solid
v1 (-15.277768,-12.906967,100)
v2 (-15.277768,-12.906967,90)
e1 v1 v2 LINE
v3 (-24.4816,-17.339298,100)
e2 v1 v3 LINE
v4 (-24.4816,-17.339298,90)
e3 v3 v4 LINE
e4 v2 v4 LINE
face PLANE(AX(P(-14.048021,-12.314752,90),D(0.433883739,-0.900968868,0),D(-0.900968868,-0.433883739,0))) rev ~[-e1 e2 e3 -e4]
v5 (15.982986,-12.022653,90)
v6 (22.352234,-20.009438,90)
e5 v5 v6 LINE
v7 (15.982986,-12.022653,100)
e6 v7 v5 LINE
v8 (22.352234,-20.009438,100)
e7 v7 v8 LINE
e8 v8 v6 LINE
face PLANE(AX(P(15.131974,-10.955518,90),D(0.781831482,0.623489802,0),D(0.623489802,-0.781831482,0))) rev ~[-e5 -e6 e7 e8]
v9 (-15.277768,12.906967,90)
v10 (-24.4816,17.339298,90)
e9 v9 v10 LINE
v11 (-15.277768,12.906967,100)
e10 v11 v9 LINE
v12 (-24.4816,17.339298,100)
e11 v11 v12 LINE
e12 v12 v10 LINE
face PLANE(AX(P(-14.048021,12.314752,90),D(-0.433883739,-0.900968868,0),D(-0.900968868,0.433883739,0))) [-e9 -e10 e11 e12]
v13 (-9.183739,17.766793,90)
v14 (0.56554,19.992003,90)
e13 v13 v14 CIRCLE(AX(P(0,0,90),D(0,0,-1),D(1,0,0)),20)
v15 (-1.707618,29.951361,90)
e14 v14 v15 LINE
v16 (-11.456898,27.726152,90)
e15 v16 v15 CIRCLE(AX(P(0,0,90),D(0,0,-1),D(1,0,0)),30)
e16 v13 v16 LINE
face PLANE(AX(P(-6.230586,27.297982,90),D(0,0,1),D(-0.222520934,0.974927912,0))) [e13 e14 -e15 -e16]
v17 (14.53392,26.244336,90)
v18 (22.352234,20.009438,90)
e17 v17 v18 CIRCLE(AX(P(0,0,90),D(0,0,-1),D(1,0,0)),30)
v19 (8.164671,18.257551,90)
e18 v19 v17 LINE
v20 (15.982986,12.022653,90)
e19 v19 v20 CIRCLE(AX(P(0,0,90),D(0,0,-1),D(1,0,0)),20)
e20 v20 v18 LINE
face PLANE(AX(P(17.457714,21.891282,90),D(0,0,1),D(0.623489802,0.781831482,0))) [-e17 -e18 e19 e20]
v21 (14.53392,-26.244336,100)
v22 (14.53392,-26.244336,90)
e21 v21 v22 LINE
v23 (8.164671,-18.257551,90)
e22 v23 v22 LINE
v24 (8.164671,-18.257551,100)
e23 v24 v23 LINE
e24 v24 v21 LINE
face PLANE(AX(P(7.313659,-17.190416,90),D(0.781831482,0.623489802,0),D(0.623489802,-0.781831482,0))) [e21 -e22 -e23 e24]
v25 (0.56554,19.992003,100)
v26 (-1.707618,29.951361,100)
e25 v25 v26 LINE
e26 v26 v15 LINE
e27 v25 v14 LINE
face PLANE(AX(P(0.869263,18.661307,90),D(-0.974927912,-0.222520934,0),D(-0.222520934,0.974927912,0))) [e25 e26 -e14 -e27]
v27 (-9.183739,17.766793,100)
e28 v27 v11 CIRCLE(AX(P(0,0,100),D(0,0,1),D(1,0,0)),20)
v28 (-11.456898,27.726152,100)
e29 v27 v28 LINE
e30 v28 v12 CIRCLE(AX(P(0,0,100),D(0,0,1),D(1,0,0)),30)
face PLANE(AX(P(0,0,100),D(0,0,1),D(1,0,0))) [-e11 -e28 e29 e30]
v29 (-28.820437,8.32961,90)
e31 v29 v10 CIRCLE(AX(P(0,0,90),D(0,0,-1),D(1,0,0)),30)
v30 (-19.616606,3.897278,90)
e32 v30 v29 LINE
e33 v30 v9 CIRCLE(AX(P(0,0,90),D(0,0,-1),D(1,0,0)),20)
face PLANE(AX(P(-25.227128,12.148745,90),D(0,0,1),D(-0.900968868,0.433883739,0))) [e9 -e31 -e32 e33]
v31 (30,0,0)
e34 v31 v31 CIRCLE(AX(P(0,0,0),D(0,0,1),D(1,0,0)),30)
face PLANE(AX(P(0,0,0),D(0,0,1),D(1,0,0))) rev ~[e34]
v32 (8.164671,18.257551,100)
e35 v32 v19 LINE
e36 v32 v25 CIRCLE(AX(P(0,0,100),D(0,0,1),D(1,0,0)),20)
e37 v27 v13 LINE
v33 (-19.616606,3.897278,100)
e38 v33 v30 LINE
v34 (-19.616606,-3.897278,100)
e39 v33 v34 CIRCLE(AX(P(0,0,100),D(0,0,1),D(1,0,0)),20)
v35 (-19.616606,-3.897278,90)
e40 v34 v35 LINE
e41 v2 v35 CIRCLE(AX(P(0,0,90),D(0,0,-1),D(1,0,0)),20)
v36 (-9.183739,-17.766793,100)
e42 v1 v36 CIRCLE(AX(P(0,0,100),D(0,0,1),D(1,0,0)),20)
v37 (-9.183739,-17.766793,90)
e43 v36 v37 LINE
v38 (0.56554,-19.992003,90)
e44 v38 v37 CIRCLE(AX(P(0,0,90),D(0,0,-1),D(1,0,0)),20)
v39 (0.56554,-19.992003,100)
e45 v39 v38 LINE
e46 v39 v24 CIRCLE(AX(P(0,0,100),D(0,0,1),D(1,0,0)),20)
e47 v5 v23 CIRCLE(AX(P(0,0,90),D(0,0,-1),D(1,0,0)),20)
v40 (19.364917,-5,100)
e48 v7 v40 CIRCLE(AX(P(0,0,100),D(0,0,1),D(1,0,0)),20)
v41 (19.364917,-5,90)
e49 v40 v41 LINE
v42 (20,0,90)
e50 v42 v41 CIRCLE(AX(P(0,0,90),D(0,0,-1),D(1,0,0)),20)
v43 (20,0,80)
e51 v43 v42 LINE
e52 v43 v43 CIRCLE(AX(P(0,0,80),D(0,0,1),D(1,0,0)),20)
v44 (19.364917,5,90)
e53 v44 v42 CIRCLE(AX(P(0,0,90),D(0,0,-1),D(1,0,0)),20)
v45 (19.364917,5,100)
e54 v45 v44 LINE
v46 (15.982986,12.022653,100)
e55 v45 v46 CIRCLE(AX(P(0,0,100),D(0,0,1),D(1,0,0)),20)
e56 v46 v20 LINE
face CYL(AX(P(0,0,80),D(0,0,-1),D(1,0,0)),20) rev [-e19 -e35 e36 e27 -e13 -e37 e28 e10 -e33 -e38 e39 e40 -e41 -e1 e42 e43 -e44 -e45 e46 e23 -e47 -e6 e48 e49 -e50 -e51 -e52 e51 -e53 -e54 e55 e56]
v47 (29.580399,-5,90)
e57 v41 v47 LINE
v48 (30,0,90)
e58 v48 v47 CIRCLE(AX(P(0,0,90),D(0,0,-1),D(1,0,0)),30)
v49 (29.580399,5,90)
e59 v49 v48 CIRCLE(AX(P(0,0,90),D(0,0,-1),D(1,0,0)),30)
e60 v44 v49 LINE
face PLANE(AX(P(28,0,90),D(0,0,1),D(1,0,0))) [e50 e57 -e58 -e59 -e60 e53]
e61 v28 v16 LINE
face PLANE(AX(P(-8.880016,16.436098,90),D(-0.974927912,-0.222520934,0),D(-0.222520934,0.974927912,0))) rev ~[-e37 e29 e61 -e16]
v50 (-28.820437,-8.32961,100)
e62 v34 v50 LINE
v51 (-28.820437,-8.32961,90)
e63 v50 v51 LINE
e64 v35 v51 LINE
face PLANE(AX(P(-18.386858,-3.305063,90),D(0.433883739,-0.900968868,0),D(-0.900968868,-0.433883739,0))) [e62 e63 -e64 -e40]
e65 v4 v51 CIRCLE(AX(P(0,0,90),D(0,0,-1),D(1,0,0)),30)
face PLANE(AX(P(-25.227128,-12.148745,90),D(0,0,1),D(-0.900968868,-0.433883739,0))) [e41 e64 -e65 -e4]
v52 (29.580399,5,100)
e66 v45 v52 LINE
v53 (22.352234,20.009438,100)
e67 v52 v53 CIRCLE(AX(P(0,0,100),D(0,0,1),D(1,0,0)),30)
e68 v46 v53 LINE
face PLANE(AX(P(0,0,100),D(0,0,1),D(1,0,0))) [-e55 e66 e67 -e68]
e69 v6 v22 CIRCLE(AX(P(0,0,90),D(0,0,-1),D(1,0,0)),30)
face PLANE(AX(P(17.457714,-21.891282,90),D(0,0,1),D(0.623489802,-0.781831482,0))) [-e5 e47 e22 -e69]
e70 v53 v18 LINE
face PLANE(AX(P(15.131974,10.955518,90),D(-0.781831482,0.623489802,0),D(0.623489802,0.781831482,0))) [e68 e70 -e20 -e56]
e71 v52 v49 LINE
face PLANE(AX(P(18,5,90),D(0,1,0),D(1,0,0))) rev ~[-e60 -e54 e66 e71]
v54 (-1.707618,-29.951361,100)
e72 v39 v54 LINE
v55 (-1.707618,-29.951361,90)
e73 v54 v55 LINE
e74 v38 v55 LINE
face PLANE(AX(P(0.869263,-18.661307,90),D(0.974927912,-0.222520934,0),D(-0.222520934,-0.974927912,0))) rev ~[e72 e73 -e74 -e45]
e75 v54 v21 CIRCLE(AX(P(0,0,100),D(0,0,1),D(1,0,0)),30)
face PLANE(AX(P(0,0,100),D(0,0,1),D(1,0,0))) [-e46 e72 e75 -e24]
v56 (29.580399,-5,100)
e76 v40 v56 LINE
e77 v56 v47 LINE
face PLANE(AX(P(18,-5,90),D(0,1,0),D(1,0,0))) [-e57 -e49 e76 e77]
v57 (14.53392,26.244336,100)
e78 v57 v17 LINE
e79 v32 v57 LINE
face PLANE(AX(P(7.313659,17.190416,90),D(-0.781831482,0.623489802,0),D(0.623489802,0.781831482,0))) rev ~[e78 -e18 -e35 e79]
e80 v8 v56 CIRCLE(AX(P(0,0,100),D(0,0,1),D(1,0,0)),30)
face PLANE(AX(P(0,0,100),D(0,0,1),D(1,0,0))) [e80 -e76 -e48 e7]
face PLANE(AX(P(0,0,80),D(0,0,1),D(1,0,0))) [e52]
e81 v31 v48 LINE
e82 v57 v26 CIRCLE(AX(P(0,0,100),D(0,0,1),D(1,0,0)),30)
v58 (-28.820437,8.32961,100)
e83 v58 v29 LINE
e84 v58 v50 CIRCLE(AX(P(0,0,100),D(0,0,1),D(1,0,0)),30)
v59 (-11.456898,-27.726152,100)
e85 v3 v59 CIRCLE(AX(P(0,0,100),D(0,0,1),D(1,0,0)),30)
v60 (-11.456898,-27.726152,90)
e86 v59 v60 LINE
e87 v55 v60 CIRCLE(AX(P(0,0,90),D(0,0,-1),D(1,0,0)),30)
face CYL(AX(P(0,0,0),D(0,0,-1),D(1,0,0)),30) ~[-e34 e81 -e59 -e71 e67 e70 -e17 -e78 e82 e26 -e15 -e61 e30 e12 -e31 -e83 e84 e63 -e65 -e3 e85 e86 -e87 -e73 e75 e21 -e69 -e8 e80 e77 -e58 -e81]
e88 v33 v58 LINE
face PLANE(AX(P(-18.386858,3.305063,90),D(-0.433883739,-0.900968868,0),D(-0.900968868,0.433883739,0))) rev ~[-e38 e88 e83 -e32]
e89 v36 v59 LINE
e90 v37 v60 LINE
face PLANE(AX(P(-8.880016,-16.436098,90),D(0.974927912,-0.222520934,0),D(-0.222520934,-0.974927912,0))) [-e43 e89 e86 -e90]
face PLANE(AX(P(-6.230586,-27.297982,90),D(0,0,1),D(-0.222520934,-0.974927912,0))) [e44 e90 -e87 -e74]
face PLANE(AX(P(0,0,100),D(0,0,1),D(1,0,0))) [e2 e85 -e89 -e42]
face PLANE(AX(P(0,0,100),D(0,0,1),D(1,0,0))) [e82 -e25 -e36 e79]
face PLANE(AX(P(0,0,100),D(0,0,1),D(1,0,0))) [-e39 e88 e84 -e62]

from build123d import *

# Parameters (mm, degrees)
BOX_W             = 20
BOX_H             = 10
BOX_DEPTH         = 10
ARRAY_COUNT       = 7
CYLINDER001_R     = 20
CYLINDER001_DEPTH = 20
CYLINDER_R        = 30
CYLINDER_DEPTH    = 100


with BuildPart() as array:
    # Box → Box (new body)
    with BuildSketch(Plane(origin=(18, -5, 90), x_dir=(1, 0, 0), z_dir=(0, 0, 1))):
        with Locations((10, 5)):
            Rectangle(BOX_W, BOX_H)
    extrude(amount=BOX_DEPTH)

    # Array: Array ×7 about axis
    array_axis = Axis((0, 0, 0), (0, 0, 1))


with BuildPart() as array_1:
    add(array.part)
    for i in range(1, ARRAY_COUNT):
        add(array.part.rotate(array_axis, i * 360 / ARRAY_COUNT))


with BuildPart() as cylinder001:
    # Cylinder001 → Cylinder001 (new body)
    with BuildSketch(Plane.XY.offset(80)):
        Circle(CYLINDER001_R)
    extrude(amount=CYLINDER001_DEPTH)


with BuildPart() as cut001:
    # Cylinder → Cylinder (new body)
    with BuildSketch(Plane.XY):
        Circle(CYLINDER_R)
    extrude(amount=CYLINDER_DEPTH)

    # Cut: cut Cylinder001
    add(cylinder001.part, mode=Mode.SUBTRACT)

    # Cut001: cut Array
    add(array_1.part, mode=Mode.SUBTRACT)


solid = cut001.part
